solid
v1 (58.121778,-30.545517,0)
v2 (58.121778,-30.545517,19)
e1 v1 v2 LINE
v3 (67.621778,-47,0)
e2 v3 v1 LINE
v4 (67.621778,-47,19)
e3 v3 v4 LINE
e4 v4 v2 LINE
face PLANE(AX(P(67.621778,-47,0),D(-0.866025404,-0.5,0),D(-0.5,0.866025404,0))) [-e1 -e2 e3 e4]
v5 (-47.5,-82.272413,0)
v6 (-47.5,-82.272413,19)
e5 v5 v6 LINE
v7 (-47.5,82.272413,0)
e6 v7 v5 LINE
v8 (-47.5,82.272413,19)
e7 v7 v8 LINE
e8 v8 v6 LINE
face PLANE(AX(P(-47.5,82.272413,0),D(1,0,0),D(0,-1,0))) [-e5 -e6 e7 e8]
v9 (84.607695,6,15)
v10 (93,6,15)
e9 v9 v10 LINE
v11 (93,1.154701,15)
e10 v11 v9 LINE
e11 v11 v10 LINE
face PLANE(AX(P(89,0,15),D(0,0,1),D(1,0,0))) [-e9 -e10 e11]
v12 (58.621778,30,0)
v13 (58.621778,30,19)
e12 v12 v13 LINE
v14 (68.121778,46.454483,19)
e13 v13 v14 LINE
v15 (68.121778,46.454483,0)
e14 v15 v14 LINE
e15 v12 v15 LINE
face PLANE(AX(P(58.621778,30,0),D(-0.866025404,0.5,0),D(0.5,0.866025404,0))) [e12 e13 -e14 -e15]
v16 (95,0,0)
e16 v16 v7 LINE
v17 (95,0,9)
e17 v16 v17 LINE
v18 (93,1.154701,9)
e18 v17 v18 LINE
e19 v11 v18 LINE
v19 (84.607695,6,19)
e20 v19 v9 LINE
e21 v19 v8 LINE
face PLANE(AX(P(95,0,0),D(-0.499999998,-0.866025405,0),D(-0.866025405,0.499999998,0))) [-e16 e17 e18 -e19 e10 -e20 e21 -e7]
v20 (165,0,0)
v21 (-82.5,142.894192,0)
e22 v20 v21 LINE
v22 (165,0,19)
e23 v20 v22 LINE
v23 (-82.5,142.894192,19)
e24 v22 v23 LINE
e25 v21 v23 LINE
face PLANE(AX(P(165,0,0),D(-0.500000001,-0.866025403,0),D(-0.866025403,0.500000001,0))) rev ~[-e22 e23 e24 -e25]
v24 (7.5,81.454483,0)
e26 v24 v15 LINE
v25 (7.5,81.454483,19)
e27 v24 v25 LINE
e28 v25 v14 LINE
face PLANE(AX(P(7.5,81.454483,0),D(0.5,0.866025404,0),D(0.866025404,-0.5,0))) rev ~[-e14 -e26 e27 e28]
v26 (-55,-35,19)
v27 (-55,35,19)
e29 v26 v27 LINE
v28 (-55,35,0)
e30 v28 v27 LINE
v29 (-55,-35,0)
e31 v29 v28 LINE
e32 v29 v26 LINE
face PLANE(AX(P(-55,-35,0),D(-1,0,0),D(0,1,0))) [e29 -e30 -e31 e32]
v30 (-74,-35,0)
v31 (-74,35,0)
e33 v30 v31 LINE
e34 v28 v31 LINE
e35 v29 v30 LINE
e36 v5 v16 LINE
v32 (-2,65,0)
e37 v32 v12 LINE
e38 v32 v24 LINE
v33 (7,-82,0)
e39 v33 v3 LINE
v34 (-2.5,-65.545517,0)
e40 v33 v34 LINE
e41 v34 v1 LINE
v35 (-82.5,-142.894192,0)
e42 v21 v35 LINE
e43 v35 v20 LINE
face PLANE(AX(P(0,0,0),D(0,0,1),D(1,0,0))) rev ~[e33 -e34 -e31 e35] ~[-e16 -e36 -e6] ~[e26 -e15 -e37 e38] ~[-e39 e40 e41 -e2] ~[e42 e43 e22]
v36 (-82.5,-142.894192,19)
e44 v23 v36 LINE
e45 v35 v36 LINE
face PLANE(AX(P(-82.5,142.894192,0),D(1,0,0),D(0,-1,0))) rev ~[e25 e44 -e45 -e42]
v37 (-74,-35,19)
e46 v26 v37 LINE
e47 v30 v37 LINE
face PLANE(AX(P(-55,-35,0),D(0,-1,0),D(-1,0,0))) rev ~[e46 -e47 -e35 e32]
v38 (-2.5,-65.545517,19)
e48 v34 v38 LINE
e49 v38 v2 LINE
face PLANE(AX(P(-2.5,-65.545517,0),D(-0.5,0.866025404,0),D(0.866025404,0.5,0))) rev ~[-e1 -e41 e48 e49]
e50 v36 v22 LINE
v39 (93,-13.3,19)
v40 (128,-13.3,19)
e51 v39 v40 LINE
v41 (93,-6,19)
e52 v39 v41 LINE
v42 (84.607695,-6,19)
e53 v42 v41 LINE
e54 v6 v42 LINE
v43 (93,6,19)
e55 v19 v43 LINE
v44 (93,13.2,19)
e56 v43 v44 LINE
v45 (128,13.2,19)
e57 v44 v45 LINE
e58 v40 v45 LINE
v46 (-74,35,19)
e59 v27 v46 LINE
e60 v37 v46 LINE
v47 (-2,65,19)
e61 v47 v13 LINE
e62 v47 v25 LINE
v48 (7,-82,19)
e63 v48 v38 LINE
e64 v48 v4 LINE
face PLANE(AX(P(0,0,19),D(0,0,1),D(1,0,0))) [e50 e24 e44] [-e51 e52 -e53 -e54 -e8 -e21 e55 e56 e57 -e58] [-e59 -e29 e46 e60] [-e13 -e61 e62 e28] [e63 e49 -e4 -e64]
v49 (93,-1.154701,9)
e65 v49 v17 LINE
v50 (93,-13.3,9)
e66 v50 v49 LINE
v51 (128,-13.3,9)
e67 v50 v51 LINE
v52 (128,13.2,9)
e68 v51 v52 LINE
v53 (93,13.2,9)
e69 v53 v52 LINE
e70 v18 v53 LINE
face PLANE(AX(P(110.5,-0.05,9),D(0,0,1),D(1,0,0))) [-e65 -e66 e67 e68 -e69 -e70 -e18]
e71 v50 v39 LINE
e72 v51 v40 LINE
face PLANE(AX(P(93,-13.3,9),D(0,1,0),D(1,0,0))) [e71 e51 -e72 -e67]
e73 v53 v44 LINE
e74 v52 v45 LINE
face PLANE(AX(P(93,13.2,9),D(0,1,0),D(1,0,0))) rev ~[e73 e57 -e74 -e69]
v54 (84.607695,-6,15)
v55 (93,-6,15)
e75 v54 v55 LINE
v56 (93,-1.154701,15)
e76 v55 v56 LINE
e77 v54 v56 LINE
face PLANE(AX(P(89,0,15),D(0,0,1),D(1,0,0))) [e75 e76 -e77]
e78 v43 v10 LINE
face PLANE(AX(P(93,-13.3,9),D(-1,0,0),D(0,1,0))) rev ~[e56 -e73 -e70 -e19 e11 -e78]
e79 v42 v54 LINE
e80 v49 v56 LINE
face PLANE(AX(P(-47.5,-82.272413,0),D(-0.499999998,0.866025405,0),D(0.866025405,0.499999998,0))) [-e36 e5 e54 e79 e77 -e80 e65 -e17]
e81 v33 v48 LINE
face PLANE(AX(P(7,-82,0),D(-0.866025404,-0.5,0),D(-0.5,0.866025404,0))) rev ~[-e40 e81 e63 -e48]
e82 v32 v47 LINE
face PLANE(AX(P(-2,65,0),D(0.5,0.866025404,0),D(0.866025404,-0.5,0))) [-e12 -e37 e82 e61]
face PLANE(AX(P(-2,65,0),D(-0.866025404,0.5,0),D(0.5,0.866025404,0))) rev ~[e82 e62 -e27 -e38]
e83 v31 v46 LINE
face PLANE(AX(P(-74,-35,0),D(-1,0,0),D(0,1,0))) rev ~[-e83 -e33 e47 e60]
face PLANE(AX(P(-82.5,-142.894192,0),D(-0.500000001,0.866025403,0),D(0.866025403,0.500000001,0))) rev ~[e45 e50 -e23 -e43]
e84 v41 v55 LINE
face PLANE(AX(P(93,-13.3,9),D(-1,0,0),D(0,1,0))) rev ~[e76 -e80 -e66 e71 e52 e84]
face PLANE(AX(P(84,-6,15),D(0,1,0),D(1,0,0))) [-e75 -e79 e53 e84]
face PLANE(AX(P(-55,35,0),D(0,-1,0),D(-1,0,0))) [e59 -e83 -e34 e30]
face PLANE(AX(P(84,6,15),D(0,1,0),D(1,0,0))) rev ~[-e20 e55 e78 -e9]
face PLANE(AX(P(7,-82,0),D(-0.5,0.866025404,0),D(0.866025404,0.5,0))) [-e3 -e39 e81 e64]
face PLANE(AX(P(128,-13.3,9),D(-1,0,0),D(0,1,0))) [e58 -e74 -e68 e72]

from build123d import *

# Parameters (mm, degrees)
BOX004_W               = 10
BOX004_H               = 12
BOX004_DEPTH           = 4
BOX003_W               = 35
BOX003_H               = 26.5
BOX003_DEPTH           = 10
BOX002_W               = 70
BOX002_H               = 19
BOX002_DEPTH           = 19
BOX002_PLACEMENT_ANGLE = 30
BOX001_W               = 70
BOX001_H               = 19
BOX001_DEPTH           = 19
BOX001_PLACEMENT_ANGLE = 90
BOX_W                  = 70
BOX_H                  = 19
BOX_DEPTH              = 19
BOX_PLACEMENT_ANGLE    = 30
PRISM001_DEPTH         = 19
PRISM_DEPTH            = 19


with BuildPart() as box004:
    # Box004 → Box004 (new body)
    with BuildSketch(Plane(origin=(84, -6, 15), x_dir=(1, 0, 0), z_dir=(0, 0, 1))):
        with Locations((5, 6)):
            Rectangle(BOX004_W, BOX004_H)
    extrude(amount=BOX004_DEPTH)


with BuildPart() as box003:
    # Box003 → Box003 (new body)
    with BuildSketch(Plane(origin=(93, -13.3, 9), x_dir=(1, 0, 0), z_dir=(0, 0, 1))):
        with Locations((17.5, 13.25)):
            Rectangle(BOX003_W, BOX003_H)
    extrude(amount=BOX003_DEPTH)


with BuildPart() as box002:
    # Box002 → Box002 (new body)
    with BuildSketch(Plane.XY):
        with Locations((35, 9.5)):
            Rectangle(BOX002_W, BOX002_H)
    extrude(amount=BOX002_DEPTH)


with BuildPart() as box002_1:
    # Box002 placement: moved
    add(box002.part.moved(Location((7, -82, 0))).rotate(Axis((7, -82, 0), (0, 0, 1)), BOX002_PLACEMENT_ANGLE))


with BuildPart() as box001:
    # Box001 → Box001 (new body)
    with BuildSketch(Plane.XY):
        with Locations((35, 9.5)):
            Rectangle(BOX001_W, BOX001_H)
    extrude(amount=BOX001_DEPTH)


with BuildPart() as box001_1:
    # Box001 placement: moved
    add(box001.part.moved(Location((-55, -35, 0))).rotate(Axis((-55, -35, 0), (0, 0, 1)), BOX001_PLACEMENT_ANGLE))


with BuildPart() as box:
    # Box → Box (new body)
    with BuildSketch(Plane.XY):
        with Locations((35, 9.5)):
            Rectangle(BOX_W, BOX_H)
    extrude(amount=BOX_DEPTH)


with BuildPart() as box_1:
    # Box placement: moved
    add(box.part.moved(Location((-2, 65, 0))).rotate(Axis((-2, 65, 0), (0, 0, -1)), BOX_PLACEMENT_ANGLE))


with BuildPart() as prism001:
    # Prism001 → Prism001 (new body)
    with BuildSketch(Plane.XY):
        Polygon((95, 0), (-47.5, 82.272413), (-47.5, -82.272413), align=None)
    extrude(amount=PRISM001_DEPTH)


with BuildPart() as cut005:
    # Prism → Prism (new body)
    with BuildSketch(Plane.XY):
        Polygon((165, 0), (-82.5, 142.894192), (-82.5, -142.894192), align=None)
    extrude(amount=PRISM_DEPTH)

    # Cut: cut Prism001
    add(prism001.part, mode=Mode.SUBTRACT)

    # Cut001: cut Box
    add(box_1.part, mode=Mode.SUBTRACT)

    # Cut002: cut Box001
    add(box001_1.part, mode=Mode.SUBTRACT)

    # Cut003: cut Box002
    add(box002_1.part, mode=Mode.SUBTRACT)

    # Cut004: cut Box003
    add(box003.part, mode=Mode.SUBTRACT)

    # Cut005: cut Box004
    add(box004.part, mode=Mode.SUBTRACT)


solid = cut005.part
